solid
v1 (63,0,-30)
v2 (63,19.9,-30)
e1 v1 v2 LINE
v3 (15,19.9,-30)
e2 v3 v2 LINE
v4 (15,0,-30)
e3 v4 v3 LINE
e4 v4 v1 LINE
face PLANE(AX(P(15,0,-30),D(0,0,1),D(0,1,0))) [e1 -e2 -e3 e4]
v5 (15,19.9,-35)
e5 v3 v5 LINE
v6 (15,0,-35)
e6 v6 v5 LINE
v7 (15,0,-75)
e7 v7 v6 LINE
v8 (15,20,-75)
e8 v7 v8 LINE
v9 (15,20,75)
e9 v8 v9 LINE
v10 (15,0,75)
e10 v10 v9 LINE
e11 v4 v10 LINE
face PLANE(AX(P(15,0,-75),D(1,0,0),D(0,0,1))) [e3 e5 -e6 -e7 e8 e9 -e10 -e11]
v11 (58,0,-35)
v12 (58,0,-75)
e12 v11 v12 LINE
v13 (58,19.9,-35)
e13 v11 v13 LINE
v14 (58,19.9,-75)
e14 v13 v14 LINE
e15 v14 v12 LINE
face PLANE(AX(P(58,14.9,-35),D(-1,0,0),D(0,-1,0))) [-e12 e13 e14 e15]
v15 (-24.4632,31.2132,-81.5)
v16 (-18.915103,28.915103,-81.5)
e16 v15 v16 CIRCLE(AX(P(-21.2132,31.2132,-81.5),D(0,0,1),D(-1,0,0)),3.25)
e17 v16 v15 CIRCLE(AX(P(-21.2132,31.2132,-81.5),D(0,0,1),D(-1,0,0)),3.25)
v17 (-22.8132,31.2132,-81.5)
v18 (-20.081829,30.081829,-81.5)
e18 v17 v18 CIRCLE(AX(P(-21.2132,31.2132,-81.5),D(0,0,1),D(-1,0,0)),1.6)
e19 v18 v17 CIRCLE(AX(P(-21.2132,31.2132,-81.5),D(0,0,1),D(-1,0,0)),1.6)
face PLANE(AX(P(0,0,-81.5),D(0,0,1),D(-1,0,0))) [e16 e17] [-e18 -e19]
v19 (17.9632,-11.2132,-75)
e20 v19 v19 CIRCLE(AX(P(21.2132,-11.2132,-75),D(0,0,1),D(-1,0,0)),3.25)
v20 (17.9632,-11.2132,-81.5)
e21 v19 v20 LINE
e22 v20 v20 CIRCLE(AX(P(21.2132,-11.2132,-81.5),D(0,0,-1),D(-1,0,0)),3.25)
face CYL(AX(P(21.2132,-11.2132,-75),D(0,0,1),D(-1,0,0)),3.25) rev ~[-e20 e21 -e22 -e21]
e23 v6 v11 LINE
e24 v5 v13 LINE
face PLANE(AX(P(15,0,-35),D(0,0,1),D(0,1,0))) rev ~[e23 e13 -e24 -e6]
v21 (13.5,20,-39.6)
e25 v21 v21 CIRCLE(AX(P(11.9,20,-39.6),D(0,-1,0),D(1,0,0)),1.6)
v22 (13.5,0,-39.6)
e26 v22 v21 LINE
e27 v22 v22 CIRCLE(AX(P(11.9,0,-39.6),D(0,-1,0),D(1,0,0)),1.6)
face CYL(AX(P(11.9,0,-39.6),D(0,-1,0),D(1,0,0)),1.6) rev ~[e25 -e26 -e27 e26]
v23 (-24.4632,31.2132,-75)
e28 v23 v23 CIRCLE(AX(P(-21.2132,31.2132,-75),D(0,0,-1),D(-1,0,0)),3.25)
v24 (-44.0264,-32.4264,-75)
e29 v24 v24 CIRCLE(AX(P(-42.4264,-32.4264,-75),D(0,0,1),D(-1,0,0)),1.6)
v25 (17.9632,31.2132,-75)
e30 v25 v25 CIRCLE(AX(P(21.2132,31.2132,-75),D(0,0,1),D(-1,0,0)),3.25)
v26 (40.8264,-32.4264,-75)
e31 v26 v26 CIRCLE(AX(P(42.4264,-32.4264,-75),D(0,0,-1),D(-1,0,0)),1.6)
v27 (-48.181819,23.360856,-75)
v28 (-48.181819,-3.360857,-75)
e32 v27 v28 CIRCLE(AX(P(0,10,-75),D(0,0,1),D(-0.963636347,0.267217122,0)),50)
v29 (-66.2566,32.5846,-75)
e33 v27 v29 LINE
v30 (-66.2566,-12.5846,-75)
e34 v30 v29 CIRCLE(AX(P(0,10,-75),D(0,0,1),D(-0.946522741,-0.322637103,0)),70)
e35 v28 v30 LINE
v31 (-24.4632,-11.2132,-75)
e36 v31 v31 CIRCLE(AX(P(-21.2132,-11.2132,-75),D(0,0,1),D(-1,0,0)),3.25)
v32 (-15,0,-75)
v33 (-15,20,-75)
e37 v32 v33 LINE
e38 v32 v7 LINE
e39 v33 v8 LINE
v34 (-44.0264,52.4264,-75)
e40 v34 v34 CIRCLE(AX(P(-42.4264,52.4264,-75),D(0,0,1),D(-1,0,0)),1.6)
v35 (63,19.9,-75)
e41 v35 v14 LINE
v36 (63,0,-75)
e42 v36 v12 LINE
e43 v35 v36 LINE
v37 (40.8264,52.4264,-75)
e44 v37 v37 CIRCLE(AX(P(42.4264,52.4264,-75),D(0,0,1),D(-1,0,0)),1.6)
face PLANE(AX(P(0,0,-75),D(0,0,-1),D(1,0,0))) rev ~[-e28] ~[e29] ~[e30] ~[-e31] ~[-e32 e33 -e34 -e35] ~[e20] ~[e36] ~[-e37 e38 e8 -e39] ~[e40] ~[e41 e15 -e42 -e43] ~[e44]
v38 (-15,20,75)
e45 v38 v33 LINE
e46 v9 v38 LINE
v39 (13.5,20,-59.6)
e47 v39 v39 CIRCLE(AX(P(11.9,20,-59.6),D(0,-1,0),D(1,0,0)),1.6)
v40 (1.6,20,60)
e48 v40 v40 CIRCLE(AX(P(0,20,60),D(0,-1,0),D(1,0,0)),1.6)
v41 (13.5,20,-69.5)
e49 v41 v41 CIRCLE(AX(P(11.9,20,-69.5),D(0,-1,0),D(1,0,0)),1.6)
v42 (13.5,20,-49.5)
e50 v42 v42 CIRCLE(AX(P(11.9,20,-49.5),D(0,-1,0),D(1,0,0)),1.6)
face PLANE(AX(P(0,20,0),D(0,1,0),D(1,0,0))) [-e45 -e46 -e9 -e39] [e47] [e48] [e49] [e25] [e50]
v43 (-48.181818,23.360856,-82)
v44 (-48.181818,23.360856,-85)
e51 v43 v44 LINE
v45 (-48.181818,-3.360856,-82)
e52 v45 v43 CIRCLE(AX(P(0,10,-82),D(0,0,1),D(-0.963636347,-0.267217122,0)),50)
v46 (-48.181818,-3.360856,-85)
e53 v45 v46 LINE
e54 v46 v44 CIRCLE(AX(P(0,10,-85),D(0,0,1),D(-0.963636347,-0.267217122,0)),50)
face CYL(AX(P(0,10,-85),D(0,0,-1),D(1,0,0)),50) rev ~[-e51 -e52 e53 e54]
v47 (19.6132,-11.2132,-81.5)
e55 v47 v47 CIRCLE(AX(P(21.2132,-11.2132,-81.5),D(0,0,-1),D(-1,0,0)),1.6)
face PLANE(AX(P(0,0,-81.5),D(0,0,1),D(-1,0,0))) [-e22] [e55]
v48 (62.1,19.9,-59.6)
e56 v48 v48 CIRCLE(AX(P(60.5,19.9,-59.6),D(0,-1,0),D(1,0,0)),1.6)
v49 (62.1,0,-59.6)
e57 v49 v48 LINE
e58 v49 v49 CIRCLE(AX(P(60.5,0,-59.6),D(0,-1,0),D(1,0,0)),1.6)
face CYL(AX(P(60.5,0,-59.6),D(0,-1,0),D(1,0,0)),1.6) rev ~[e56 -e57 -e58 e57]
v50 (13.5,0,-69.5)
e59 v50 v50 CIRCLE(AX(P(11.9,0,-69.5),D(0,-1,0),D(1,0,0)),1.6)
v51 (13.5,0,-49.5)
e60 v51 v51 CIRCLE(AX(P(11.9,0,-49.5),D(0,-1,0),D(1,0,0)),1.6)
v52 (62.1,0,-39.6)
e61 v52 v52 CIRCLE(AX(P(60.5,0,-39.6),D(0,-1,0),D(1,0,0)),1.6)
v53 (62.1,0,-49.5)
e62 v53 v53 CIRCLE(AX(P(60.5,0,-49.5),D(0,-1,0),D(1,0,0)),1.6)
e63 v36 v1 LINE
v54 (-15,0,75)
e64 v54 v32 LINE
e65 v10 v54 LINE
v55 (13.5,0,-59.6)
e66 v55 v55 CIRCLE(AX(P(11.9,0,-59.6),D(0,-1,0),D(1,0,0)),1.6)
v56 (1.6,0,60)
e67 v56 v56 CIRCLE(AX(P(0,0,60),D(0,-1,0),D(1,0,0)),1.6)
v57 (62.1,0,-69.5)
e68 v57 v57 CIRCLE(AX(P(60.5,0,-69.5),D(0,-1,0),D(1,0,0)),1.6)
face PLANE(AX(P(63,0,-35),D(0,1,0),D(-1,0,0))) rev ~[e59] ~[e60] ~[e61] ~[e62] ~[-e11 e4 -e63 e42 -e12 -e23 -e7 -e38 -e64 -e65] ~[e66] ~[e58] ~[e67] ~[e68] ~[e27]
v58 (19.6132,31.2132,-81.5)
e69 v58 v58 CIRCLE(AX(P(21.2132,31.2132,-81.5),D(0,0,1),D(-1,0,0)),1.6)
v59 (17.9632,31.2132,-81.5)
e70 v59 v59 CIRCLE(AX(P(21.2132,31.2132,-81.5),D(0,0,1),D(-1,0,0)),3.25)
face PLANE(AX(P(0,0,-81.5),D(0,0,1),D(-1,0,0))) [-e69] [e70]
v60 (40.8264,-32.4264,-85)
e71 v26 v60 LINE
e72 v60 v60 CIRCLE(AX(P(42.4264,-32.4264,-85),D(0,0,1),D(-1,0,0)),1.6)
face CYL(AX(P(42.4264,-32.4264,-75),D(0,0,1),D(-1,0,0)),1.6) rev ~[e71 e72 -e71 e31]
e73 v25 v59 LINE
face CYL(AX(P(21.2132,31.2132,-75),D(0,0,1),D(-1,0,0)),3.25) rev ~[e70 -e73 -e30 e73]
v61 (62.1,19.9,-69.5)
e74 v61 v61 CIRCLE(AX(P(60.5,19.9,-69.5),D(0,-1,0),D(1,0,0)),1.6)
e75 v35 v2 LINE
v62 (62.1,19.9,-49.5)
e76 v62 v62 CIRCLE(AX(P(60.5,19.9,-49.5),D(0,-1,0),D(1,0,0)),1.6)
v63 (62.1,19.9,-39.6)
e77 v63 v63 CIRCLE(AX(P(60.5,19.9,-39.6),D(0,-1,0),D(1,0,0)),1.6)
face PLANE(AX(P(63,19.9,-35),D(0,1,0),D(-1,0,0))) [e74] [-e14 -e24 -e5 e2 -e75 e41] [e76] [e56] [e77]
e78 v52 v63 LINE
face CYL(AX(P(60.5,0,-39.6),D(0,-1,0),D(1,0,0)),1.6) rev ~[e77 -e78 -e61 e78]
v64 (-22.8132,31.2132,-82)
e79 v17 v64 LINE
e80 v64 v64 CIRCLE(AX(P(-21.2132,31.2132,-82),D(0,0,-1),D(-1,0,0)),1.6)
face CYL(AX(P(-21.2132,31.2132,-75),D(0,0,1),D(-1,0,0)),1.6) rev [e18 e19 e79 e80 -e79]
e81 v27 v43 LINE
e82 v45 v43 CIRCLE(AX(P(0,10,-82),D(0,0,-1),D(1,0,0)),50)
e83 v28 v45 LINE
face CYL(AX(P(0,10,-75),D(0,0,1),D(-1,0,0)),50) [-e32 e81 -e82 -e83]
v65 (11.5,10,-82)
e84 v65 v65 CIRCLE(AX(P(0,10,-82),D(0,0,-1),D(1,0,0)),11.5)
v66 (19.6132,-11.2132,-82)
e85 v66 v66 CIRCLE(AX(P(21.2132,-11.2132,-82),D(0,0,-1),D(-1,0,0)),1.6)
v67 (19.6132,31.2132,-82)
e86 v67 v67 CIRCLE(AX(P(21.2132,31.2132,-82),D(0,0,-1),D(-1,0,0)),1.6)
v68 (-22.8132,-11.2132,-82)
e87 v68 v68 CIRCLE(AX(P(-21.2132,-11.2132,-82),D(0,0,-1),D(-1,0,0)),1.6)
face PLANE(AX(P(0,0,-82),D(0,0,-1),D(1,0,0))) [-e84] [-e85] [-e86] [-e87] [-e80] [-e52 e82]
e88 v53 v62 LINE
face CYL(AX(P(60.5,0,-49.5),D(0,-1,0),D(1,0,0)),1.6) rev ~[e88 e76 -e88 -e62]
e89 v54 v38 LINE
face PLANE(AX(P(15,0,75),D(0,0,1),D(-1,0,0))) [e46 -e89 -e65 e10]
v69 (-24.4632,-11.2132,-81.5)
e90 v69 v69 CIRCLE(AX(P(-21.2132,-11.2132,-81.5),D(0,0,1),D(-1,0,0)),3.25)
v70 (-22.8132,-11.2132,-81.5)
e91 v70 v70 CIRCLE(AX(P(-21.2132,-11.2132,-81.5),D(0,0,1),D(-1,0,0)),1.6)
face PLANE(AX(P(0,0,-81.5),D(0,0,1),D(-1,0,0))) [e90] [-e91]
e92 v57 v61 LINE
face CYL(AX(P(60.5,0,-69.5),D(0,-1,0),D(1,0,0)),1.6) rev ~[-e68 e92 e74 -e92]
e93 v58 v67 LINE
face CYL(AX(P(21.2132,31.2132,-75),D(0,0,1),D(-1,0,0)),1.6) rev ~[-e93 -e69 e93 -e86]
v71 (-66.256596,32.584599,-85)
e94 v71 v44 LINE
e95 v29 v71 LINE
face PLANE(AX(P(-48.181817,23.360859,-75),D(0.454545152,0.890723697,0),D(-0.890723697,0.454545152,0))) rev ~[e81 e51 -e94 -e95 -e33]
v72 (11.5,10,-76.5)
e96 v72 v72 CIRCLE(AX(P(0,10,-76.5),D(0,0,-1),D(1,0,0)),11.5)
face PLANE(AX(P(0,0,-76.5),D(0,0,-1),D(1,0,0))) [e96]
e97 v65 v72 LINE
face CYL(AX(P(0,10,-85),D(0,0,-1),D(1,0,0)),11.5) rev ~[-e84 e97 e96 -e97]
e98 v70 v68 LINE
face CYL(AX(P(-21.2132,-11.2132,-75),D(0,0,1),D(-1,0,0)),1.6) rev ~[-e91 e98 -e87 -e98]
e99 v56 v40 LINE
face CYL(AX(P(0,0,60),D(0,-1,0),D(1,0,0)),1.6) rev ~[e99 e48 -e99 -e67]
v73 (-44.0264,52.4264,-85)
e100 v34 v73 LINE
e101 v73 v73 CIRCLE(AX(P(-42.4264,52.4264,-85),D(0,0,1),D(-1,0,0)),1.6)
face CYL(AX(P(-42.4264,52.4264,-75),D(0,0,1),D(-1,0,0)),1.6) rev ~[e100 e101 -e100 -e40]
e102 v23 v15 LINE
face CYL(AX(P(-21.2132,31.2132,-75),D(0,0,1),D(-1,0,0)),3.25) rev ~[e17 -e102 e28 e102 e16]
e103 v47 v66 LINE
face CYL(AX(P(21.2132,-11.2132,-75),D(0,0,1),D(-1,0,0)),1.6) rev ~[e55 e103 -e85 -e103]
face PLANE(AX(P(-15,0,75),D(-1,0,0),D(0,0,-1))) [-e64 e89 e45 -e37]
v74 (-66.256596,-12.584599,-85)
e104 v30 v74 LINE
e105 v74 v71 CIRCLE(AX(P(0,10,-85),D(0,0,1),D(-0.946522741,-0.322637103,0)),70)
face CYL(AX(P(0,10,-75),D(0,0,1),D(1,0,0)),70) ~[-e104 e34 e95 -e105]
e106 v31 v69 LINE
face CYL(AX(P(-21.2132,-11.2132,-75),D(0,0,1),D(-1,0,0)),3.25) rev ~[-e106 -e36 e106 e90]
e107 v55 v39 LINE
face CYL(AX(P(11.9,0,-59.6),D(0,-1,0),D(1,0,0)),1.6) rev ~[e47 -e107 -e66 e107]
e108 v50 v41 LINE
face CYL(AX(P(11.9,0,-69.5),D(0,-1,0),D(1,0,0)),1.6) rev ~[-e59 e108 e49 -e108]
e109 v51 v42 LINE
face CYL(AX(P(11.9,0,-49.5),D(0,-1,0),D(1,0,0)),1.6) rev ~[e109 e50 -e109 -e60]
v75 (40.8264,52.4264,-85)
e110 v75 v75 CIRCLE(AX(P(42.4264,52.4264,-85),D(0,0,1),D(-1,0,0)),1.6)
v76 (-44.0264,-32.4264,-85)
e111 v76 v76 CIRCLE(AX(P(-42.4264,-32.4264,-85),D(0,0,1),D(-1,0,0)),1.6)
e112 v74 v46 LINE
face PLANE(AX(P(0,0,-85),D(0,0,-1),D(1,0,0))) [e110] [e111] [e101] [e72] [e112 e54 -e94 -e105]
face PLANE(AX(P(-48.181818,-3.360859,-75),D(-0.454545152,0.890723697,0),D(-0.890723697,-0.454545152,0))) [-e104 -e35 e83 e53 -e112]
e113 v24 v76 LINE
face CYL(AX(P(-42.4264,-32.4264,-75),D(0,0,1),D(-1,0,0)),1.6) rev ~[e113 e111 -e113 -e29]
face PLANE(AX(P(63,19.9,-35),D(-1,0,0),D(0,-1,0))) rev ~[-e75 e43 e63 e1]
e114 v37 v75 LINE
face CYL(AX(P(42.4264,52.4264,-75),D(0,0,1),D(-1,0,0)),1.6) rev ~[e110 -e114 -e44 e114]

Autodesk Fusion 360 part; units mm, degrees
sketch "Sketch1" plane through (0, 0, 0) normal (0, 1, 0) x (1, 0, 0)
  line L0 (15, -75) -> (-15, -75)
  line L1 (-15, -75) -> (-15, 75)
  line L2 (-15, 75) -> (15, 75)
  line L3 (15, 75) -> (15, -75)
  line L4 (15, -75) -> (-15, 75) construction
  line L5 (-15, -75) -> (15, 75) construction
  dimension "d1" = 150
  dimension "d2" = 30
extrude "Extrude1" add sketch "Sketch1" along normal blind 20 makes body 1
sketch "Sketch3" plane through (0, 0, -75) normal (0, 0, -1) x (1, 0, 0)
  line L0 (15, 0) -> (-15, 0)
  line L1 (-15, 0) -> (-15, -20)
  line L2 (-15, -20) -> (15, -20)
  line L3 (15, -20) -> (15, 0)
  line L4 (-15, -20) -> (15, 0)
  line L5 (15, -20) -> (-15, 0)
  circle A0 centre (0, -10) radius 70
  dimension "d5" = 140
extrude "Extrude2" add sketch "Sketch3" along normal blind 10 separate body contours L0 L4 L5 | L3 L4 L5 | L1 L4 L5 | L2 L4 L5 | A0 makes body 2
sketch "Sketch4" plane through (0, 0, 0) normal (0, -1, 0) x (1, 0, 0)
  line L0 (-15, -75) -> (15, -75)
  line L1 (15, -75) -> (15, 75)
  line L2 (15, 75) -> (-15, 75)
  line L3 (-15, 75) -> (-15, -75)
  circle A0 centre (0, 60) radius 1.6
  dimension "d8" = 3.2
  dimension "d9" = 15
  dimension "d10" = 15
extrude "Extrude3" cut sketch "Sketch4" against normal blind 35 contours A0 bodies 1
sketch "Sketch5" plane through (15, 0, 0) normal (1, 0, 0) x (0, 1, 0)
  line L0 (0, 75) -> (0, -75)
  line L1 (0, -75) -> (20, -75)
  line L2 (20, -75) -> (20, 75)
  line L3 (20, 75) -> (0, 75)
  line L4 (19.9, -65.7145) -> (-0.1, -65.7145)
  line L5 (-0.1, -65.7145) -> (-0.1, -30)
  line L6 (-0.1, -30) -> (19.9, -30)
  line L7 (19.9, -30) -> (19.9, -65.7145)
  line L8 (19.9, -65.7145) -> (-0.1, -30) construction
  line L9 (-0.1, -65.7145) -> (19.9, -30) construction
  line L10 (-60, -75) -> (80, -75)
  line L11 (-60, -85) -> (80, -85)
  line L12 (-60, -75) -> (80, -75)
  line L13 (-0.1, -65.7145) -> (0, -75)
  line L14 (19.9, -65.7145) -> (20, -75)
  line L15 (-0.1, -35) -> (19.9, -35)
  point P0 (9.9, -47.8572)
  dimension "d13" = 20
  dimension "d14" = 45
  dimension "d15" = 5
extrude "Extrude4" add sketch "Sketch5" along normal blind 48 contours L0 L6 L7 L15 bodies 1
sketch "Sketch6" plane through (0, 0, -35) normal (0, 0, -1) x (1, 0, 0)
  line L0 (15, 0) -> (15, -19.9)
  line L1 (63, -19.9) -> (63, 0)
  line L2 (63, 0) -> (15, 0)
  line L3 (58, 0) -> (63, 0)
  line L4 (63, -19.9) -> (58, -19.9)
  line L5 (63, -19.9) -> (63, 0)
  line L6 (15, -19.9) -> (63, -19.9)
  line L7 (15, -14.9) -> (58, -14.9)
  line L8 (58, -14.9) -> (58, 0)
  line L9 (58, -14.9) -> (58, -19.9)
  dimension "d18" = -5
extrude "Extrude5" add sketch "Sketch6" along normal blind 40 contours L1 L2 L3 L4 L5 L6 L8 L9 bodies 1 2
sketch "Sketch7" plane through (0, 0, 0) normal (0, -1, 0) x (1, 0, 0)
  circle A0 centre (0, 60) radius 1.6
  line L0 (15, -75) -> (15, -35)
  line L1 (15, -35) -> (58, -35)
  line L2 (58, -35) -> (58, -75)
  line L3 (63, -75) -> (63, -30)
  line L4 (63, -30) -> (15, -30)
  line L5 (15, -30) -> (15, 75)
  line L6 (15, 75) -> (-15, 75)
  line L7 (-15, 75) -> (-15, -75)
  circle A1 centre (60.5, -69.5) radius 1.6
  line L8 (-70, -75) -> (70, -75)
  circle A2 centre (11.9, -69.5) radius 1.6
  circle A3 centre (60.5, -59.6) radius 1.6
  circle A4 centre (11.9, -59.6) radius 1.6
  circle A5 centre (11.9, -39.6) radius 1.6
  circle A6 centre (11.9, -49.5) radius 1.6
  circle A7 centre (60.5, -39.6) radius 1.6
  circle A8 centre (60.5, -49.5) radius 1.6
  line L9 (-15, -75) -> (15, -75)
  line L10 (58, -75) -> (63, -75)
  dimension "d21" = 3.2
  dimension "d22" = 5.5
  dimension "d23" = 2.5
  dimension "d26" = -48.6
  dimension "d27" = 9.9
  dimension "d30" = 0
  dimension "d31" = 20
extrude "Extrude6" cut sketch "Sketch7" against normal blind 40 contours A1 | A2 | A3 | A4 | A5 | A6 | A7 | A8 bodies 1
sketch "Sketch9" plane through (0, 0, -75) normal (0, 0, 1) x (-1, 0, 0)
  line L0 (-63, 0) -> (-58, 0)
  line L1 (-58, 0) -> (-58, -19.9)
  line L2 (-58, -19.9) -> (-63, -19.9)
  line L3 (-63, -19.9) -> (-63, 0)
  circle A0 centre (0, -10) radius 70
  line L4 (15, 0) -> (15, -20)
  line L5 (15, -20) -> (-15, -20)
  line L6 (-15, -20) -> (-15, 0)
  line L7 (-15, 0) -> (15, 0)
  line L8 (-15, 0) -> (15, 0)
  circle A1 centre (21.2132, -31.2132) radius 3.25
  line L9 (0, -10) -> (21.2132, -31.2132)
  line L10 (-98.5462, -10) -> (98.5462, -10)
  circle A2 centre (21.2132, 11.2132) radius 3.25
  circle A3 centre (-21.2132, 11.2132) radius 3.25
  circle A4 centre (-21.2132, -31.2132) radius 3.25
  circle A5 centre (21.2132, -31.2132) radius 1.6
  circle A6 centre (21.2132, 11.2132) radius 1.6
  circle A7 centre (-21.2132, 11.2132) radius 1.6
  circle A8 centre (-21.2132, -31.2132) radius 1.6
  circle A9 centre (0, -10) radius 50
  circle A10 centre (-42.4264, 32.4264) radius 1.6
  line L11 (-42.4264, 32.4264) -> (0, -10)
  circle A11 centre (-42.4264, -52.4264) radius 1.6
  circle A12 centre (42.4264, -52.4264) radius 1.6
  circle A13 centre (42.4264, 32.4264) radius 1.6
  point P0 (21.2132, 11.2132)
  point P1 (-21.2132, 11.2132)
  point P2 (-21.2132, -31.2132)
  dimension "d48" = 6.5
  dimension "d53" = 30
  dimension "d54" = 45
  dimension "d56" = 360
  dimension "d57" = 3.2
  dimension "d58" = 100
  dimension "d63" = 3.2
  dimension "d64" = 60
  dimension "d65" = 45
extrude "Extrude8" cut sketch "Sketch9" against normal blind 6.5 contours A1 | A3 A7 L11 | A3 A7 L11 | A2 | A4 bodies 1
extrude "Extrude9" cut 4 faces at (-21.6042, -11.576, -75) (21.4037, -10.7748, -75) (20.8045, 30.7727, -75) (-21.4799, 30.7513, -75) along direction (0, 0, -1) blind 40 on bodies 1 bodies 1
extrude "Extrude11" cut sketch "Sketch9" against normal blind 30 contours A10 | A11 | A12 | A13 bodies 1
sketch "Sketch8" plane through (0, 0, -85) normal (0, 0, -1) x (1, 0, 0)
  circle A0 centre (21.2132, -31.2132) radius 1.6
  circle A1 centre (-21.2132, 11.2132) radius 1.6
  circle A2 centre (21.2132, 11.2132) radius 1.6
  circle A3 centre (-21.2132, -31.2132) radius 1.6
  circle A4 centre (0, -10) radius 70
  circle A5 centre (0, -10) radius 50
  circle A6 centre (0, -10) radius 11.5
  circle A7 centre (42.4264, -52.4264) radius 1.6
  circle A8 centre (42.4264, 32.4264) radius 1.6
  circle A9 centre (-42.4264, -52.4264) radius 1.6
  circle A10 centre (-42.4264, 32.4264) radius 1.6
  dimension "d59" = 100
  dimension "d60" = 23
extrude "Extrude7" cut sketch "Sketch8" against normal blind 3 contours A5 | A6 bodies 1
extrude "Extrude10" cut sketch "Sketch8" against normal blind 8.5 contours A6 bodies 1
sketch "Sketch10" plane through (0, 0, -75) normal (0, 0, 1) x (-1, 0, 0)
  circle A0 centre (-21.2132, -31.2132) radius 3.25
  circle A1 centre (-21.2132, 11.2132) radius 3.25
  circle A2 centre (21.2132, -31.2132) radius 3.25
  circle A3 centre (21.2132, 11.2132) radius 3.25
  line L0 (-63, 0) -> (-58, 0)
  line L1 (-58, 0) -> (-58, -19.9)
  line L2 (-58, -19.9) -> (-63, -19.9)
  line L3 (-63, -19.9) -> (-63, 0)
  circle A4 centre (0, -10) radius 70
  line L4 (15, 0) -> (15, -20)
  line L5 (15, -20) -> (-15, -20)
  line L6 (-15, -20) -> (-15, 0)
  line L7 (-15, 0) -> (15, 0)
  circle A5 centre (-42.4264, -52.4264) radius 1.6
  circle A6 centre (-42.4264, 32.4264) radius 1.6
  circle A7 centre (42.4264, -52.4264) radius 1.6
  circle A8 centre (42.4264, 32.4264) radius 1.6
  circle A9 centre (55, -10) radius 15
  circle A10 centre (42.4264, 32.4264) radius 1.6
  circle A11 centre (42.4264, -52.4264) radius 1.6
  circle A12 centre (-42.4264, 32.4264) radius 1.6
  circle A13 centre (-42.4264, -52.4264) radius 1.6
  circle A14 centre (0, -10) radius 70
  circle A15 centre (0, -10) radius 50
  line L8 (30.107, -14.1371) -> (66.2566, -32.5846)
  line L9 (30.107, -5.8629) -> (66.2566, 12.5846)
  point P0 (48.1818, -23.3609)
  point P1 (48.1818, 3.3609)
  dimension "d70" = 30
  dimension "d71" = 55
extrude "Extrude12" cut sketch "Sketch10" against normal blind 100 contours A4 A9 A14 L9 | A9 A15 | A4 A9 A14 L8 picked at (55.7713, -5.744) bodies 1
equation "d14 = 20 mm + 20 mm + 5 mm"
equation "d61 = -3 mm - 5.5 mm"
